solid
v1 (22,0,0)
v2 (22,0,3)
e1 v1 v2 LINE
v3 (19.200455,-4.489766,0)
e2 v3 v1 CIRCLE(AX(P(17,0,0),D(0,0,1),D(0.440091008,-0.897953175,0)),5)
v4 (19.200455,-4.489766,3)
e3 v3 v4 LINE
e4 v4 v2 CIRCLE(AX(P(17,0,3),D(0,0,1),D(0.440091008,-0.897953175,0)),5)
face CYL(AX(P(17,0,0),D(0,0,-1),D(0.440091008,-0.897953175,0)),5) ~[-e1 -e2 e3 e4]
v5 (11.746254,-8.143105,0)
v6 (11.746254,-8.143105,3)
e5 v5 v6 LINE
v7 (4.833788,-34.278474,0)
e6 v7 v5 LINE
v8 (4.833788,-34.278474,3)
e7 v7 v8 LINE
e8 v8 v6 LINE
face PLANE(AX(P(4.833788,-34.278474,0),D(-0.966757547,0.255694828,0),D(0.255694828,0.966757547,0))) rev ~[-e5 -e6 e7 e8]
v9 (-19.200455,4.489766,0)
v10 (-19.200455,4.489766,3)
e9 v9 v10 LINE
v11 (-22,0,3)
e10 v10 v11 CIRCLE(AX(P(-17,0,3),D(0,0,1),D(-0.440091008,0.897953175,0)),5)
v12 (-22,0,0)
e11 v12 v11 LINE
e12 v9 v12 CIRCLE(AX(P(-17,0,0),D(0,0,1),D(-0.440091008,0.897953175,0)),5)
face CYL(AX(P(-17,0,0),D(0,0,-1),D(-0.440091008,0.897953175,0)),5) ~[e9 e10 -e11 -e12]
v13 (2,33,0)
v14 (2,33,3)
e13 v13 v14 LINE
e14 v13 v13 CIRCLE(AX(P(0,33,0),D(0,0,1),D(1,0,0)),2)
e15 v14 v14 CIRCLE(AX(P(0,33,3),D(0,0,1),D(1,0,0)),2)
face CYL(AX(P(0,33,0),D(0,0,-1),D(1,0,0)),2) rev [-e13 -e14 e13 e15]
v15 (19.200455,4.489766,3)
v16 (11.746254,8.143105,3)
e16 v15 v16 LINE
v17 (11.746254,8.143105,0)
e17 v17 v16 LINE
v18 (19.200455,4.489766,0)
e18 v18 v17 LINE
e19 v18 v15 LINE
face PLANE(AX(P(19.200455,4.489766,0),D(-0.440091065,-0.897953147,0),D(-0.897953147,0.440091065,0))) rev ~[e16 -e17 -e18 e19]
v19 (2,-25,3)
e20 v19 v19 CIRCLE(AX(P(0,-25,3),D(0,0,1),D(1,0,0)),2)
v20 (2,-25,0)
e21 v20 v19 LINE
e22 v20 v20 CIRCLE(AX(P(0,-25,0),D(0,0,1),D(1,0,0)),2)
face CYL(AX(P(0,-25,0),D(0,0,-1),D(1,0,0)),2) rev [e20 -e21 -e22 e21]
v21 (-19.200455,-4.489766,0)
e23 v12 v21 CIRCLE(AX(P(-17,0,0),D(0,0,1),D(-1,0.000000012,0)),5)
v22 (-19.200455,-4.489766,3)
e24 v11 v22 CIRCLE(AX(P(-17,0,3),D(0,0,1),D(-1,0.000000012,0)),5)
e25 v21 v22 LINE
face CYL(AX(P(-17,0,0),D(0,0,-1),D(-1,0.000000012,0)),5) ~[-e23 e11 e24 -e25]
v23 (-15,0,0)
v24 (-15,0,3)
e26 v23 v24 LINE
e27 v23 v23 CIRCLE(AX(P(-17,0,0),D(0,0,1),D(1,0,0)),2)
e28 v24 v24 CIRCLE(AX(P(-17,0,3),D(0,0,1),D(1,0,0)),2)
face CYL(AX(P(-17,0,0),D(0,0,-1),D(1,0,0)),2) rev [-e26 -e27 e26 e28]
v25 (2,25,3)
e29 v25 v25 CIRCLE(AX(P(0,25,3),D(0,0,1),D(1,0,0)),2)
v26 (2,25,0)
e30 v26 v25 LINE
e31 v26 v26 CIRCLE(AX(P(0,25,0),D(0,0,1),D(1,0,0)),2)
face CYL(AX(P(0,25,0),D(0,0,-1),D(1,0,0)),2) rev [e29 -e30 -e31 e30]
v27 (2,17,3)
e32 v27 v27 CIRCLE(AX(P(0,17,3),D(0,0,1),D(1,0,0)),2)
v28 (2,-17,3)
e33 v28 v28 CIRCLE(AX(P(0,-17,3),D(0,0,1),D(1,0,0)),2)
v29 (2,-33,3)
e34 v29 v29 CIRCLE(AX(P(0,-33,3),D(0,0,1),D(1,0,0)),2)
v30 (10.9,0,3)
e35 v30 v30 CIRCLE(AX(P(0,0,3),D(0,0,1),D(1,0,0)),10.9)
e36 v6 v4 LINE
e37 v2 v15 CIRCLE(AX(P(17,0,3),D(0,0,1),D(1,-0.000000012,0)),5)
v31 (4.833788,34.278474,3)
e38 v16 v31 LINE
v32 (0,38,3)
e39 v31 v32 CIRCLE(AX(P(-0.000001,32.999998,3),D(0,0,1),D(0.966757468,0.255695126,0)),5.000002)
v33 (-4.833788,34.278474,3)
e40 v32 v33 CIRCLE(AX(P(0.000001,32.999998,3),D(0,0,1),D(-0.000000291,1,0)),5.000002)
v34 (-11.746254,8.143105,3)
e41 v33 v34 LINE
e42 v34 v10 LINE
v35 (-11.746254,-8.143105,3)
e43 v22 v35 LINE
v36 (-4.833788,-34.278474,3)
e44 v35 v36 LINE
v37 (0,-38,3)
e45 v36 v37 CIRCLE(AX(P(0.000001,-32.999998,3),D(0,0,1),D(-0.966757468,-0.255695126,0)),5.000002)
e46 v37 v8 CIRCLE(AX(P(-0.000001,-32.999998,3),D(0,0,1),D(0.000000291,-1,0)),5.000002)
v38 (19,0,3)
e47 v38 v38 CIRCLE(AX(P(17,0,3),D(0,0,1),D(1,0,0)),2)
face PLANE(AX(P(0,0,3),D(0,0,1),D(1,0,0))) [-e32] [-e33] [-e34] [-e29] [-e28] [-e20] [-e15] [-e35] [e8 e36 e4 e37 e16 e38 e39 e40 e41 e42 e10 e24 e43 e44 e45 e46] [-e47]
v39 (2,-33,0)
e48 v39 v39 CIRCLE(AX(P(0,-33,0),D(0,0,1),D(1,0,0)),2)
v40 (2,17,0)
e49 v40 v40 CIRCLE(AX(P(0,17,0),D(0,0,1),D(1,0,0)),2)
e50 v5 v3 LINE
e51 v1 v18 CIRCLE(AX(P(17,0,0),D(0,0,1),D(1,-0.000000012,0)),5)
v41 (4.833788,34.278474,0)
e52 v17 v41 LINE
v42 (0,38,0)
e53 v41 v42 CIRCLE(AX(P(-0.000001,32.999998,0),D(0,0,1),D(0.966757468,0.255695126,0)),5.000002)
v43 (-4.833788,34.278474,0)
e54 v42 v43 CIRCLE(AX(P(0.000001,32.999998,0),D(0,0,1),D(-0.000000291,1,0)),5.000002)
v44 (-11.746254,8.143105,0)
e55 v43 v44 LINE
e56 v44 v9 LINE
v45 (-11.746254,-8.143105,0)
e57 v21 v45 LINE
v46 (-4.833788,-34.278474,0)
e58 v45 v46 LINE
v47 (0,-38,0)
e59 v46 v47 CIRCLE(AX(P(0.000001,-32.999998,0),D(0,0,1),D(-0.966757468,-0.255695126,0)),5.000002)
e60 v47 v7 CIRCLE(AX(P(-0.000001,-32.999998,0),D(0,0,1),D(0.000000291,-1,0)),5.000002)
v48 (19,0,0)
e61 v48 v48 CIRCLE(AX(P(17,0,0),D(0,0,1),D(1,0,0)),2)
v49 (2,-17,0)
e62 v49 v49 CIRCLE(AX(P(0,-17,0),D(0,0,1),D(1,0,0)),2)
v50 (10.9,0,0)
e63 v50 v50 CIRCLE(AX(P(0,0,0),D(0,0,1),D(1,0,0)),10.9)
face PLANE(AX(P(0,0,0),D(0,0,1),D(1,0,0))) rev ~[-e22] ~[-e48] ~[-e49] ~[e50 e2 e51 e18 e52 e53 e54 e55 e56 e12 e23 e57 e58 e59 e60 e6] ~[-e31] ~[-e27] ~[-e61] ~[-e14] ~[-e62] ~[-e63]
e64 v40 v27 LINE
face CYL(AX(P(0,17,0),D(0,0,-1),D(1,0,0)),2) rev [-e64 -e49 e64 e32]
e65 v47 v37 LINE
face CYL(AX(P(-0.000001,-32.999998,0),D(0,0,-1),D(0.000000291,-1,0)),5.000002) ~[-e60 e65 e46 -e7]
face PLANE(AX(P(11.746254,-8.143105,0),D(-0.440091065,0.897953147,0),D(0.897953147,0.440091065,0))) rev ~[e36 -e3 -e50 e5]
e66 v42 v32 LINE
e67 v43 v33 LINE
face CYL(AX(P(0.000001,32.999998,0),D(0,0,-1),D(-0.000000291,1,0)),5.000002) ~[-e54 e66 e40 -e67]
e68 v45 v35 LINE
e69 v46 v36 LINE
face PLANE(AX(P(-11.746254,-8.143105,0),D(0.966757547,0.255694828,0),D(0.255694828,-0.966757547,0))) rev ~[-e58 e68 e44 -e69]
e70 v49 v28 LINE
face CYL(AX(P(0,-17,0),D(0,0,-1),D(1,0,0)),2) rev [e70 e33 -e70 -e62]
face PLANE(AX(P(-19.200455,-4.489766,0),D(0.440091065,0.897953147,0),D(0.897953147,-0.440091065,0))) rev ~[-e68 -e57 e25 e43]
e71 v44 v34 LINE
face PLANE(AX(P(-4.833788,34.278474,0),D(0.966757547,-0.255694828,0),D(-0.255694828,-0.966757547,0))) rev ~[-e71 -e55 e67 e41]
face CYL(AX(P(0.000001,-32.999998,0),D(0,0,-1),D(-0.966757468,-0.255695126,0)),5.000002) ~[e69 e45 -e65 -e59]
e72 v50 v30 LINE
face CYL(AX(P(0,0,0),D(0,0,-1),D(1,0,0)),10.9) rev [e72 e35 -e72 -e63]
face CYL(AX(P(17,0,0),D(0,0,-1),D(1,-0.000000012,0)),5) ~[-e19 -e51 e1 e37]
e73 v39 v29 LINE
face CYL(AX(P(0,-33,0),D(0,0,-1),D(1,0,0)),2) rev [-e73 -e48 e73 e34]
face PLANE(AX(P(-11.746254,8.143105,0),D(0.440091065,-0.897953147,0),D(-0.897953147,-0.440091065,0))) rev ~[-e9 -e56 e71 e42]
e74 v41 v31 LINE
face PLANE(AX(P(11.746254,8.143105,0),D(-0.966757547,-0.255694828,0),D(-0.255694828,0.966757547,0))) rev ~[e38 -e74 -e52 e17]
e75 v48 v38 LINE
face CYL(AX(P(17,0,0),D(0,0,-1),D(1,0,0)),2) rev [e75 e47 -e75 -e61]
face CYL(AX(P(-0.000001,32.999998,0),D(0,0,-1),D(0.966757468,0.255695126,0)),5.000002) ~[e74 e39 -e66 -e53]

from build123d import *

# Parameters (mm, degrees)
F0_R     = 2
F0_R_2   = 10.9
F1_DEPTH = 3


with BuildPart() as f1:
    # F0 (on Top) → F1 (new body)
    with BuildSketch(Plane.XY):
        with BuildLine():
            Line((-4.833788, 34.278474), (-11.746254, 8.143105))
            Line((-11.746254, 8.143105), (-19.200455, 4.489766))
            ThreePointArc((-19.200455, 4.489766), (-21.242775, 2.645536), (-22, 0))
            ThreePointArc((-22, 0), (-21.242775, -2.645536), (-19.200455, -4.489766))
            Line((-19.200455, -4.489766), (-11.746254, -8.143105))
            Line((-11.746254, -8.143105), (-4.833788, -34.278474))
            ThreePointArc((-4.833788, -34.278474), (-3.050215, -36.961841), (0, -38))
            ThreePointArc((0, -38), (3.050215, -36.961841), (4.833788, -34.278474))
            Line((4.833788, -34.278474), (11.746254, -8.143105))
            Line((11.746254, -8.143105), (19.200455, -4.489766))
            ThreePointArc((19.200455, -4.489766), (21.242775, -2.645536), (22, 0))
            ThreePointArc((22, 0), (21.242775, 2.645536), (19.200455, 4.489766))
            Line((19.200455, 4.489766), (11.746254, 8.143105))
            Line((11.746254, 8.143105), (4.833788, 34.278474))
            ThreePointArc((4.833788, 34.278474), (3.050215, 36.961841), (0, 38))
            ThreePointArc((0, 38), (-3.050215, 36.961841), (-4.833788, 34.278474))
        make_face()
        with Locations((0, -33)):
            Circle(F0_R, mode=Mode.SUBTRACT)
        with Locations((0, -25)):
            Circle(F0_R, mode=Mode.SUBTRACT)
        with Locations((0, -17)):
            Circle(F0_R, mode=Mode.SUBTRACT)
        with Locations((-17, 0)):
            Circle(F0_R, mode=Mode.SUBTRACT)
        Circle(F0_R_2, mode=Mode.SUBTRACT)
        with Locations((0, 17)):
            Circle(F0_R, mode=Mode.SUBTRACT)
        with Locations((17, 0)):
            Circle(F0_R, mode=Mode.SUBTRACT)
        with Locations((0, 25)):
            Circle(F0_R, mode=Mode.SUBTRACT)
        with Locations((0, 33)):
            Circle(F0_R, mode=Mode.SUBTRACT)
    extrude(amount=F1_DEPTH)


solid = f1.part
